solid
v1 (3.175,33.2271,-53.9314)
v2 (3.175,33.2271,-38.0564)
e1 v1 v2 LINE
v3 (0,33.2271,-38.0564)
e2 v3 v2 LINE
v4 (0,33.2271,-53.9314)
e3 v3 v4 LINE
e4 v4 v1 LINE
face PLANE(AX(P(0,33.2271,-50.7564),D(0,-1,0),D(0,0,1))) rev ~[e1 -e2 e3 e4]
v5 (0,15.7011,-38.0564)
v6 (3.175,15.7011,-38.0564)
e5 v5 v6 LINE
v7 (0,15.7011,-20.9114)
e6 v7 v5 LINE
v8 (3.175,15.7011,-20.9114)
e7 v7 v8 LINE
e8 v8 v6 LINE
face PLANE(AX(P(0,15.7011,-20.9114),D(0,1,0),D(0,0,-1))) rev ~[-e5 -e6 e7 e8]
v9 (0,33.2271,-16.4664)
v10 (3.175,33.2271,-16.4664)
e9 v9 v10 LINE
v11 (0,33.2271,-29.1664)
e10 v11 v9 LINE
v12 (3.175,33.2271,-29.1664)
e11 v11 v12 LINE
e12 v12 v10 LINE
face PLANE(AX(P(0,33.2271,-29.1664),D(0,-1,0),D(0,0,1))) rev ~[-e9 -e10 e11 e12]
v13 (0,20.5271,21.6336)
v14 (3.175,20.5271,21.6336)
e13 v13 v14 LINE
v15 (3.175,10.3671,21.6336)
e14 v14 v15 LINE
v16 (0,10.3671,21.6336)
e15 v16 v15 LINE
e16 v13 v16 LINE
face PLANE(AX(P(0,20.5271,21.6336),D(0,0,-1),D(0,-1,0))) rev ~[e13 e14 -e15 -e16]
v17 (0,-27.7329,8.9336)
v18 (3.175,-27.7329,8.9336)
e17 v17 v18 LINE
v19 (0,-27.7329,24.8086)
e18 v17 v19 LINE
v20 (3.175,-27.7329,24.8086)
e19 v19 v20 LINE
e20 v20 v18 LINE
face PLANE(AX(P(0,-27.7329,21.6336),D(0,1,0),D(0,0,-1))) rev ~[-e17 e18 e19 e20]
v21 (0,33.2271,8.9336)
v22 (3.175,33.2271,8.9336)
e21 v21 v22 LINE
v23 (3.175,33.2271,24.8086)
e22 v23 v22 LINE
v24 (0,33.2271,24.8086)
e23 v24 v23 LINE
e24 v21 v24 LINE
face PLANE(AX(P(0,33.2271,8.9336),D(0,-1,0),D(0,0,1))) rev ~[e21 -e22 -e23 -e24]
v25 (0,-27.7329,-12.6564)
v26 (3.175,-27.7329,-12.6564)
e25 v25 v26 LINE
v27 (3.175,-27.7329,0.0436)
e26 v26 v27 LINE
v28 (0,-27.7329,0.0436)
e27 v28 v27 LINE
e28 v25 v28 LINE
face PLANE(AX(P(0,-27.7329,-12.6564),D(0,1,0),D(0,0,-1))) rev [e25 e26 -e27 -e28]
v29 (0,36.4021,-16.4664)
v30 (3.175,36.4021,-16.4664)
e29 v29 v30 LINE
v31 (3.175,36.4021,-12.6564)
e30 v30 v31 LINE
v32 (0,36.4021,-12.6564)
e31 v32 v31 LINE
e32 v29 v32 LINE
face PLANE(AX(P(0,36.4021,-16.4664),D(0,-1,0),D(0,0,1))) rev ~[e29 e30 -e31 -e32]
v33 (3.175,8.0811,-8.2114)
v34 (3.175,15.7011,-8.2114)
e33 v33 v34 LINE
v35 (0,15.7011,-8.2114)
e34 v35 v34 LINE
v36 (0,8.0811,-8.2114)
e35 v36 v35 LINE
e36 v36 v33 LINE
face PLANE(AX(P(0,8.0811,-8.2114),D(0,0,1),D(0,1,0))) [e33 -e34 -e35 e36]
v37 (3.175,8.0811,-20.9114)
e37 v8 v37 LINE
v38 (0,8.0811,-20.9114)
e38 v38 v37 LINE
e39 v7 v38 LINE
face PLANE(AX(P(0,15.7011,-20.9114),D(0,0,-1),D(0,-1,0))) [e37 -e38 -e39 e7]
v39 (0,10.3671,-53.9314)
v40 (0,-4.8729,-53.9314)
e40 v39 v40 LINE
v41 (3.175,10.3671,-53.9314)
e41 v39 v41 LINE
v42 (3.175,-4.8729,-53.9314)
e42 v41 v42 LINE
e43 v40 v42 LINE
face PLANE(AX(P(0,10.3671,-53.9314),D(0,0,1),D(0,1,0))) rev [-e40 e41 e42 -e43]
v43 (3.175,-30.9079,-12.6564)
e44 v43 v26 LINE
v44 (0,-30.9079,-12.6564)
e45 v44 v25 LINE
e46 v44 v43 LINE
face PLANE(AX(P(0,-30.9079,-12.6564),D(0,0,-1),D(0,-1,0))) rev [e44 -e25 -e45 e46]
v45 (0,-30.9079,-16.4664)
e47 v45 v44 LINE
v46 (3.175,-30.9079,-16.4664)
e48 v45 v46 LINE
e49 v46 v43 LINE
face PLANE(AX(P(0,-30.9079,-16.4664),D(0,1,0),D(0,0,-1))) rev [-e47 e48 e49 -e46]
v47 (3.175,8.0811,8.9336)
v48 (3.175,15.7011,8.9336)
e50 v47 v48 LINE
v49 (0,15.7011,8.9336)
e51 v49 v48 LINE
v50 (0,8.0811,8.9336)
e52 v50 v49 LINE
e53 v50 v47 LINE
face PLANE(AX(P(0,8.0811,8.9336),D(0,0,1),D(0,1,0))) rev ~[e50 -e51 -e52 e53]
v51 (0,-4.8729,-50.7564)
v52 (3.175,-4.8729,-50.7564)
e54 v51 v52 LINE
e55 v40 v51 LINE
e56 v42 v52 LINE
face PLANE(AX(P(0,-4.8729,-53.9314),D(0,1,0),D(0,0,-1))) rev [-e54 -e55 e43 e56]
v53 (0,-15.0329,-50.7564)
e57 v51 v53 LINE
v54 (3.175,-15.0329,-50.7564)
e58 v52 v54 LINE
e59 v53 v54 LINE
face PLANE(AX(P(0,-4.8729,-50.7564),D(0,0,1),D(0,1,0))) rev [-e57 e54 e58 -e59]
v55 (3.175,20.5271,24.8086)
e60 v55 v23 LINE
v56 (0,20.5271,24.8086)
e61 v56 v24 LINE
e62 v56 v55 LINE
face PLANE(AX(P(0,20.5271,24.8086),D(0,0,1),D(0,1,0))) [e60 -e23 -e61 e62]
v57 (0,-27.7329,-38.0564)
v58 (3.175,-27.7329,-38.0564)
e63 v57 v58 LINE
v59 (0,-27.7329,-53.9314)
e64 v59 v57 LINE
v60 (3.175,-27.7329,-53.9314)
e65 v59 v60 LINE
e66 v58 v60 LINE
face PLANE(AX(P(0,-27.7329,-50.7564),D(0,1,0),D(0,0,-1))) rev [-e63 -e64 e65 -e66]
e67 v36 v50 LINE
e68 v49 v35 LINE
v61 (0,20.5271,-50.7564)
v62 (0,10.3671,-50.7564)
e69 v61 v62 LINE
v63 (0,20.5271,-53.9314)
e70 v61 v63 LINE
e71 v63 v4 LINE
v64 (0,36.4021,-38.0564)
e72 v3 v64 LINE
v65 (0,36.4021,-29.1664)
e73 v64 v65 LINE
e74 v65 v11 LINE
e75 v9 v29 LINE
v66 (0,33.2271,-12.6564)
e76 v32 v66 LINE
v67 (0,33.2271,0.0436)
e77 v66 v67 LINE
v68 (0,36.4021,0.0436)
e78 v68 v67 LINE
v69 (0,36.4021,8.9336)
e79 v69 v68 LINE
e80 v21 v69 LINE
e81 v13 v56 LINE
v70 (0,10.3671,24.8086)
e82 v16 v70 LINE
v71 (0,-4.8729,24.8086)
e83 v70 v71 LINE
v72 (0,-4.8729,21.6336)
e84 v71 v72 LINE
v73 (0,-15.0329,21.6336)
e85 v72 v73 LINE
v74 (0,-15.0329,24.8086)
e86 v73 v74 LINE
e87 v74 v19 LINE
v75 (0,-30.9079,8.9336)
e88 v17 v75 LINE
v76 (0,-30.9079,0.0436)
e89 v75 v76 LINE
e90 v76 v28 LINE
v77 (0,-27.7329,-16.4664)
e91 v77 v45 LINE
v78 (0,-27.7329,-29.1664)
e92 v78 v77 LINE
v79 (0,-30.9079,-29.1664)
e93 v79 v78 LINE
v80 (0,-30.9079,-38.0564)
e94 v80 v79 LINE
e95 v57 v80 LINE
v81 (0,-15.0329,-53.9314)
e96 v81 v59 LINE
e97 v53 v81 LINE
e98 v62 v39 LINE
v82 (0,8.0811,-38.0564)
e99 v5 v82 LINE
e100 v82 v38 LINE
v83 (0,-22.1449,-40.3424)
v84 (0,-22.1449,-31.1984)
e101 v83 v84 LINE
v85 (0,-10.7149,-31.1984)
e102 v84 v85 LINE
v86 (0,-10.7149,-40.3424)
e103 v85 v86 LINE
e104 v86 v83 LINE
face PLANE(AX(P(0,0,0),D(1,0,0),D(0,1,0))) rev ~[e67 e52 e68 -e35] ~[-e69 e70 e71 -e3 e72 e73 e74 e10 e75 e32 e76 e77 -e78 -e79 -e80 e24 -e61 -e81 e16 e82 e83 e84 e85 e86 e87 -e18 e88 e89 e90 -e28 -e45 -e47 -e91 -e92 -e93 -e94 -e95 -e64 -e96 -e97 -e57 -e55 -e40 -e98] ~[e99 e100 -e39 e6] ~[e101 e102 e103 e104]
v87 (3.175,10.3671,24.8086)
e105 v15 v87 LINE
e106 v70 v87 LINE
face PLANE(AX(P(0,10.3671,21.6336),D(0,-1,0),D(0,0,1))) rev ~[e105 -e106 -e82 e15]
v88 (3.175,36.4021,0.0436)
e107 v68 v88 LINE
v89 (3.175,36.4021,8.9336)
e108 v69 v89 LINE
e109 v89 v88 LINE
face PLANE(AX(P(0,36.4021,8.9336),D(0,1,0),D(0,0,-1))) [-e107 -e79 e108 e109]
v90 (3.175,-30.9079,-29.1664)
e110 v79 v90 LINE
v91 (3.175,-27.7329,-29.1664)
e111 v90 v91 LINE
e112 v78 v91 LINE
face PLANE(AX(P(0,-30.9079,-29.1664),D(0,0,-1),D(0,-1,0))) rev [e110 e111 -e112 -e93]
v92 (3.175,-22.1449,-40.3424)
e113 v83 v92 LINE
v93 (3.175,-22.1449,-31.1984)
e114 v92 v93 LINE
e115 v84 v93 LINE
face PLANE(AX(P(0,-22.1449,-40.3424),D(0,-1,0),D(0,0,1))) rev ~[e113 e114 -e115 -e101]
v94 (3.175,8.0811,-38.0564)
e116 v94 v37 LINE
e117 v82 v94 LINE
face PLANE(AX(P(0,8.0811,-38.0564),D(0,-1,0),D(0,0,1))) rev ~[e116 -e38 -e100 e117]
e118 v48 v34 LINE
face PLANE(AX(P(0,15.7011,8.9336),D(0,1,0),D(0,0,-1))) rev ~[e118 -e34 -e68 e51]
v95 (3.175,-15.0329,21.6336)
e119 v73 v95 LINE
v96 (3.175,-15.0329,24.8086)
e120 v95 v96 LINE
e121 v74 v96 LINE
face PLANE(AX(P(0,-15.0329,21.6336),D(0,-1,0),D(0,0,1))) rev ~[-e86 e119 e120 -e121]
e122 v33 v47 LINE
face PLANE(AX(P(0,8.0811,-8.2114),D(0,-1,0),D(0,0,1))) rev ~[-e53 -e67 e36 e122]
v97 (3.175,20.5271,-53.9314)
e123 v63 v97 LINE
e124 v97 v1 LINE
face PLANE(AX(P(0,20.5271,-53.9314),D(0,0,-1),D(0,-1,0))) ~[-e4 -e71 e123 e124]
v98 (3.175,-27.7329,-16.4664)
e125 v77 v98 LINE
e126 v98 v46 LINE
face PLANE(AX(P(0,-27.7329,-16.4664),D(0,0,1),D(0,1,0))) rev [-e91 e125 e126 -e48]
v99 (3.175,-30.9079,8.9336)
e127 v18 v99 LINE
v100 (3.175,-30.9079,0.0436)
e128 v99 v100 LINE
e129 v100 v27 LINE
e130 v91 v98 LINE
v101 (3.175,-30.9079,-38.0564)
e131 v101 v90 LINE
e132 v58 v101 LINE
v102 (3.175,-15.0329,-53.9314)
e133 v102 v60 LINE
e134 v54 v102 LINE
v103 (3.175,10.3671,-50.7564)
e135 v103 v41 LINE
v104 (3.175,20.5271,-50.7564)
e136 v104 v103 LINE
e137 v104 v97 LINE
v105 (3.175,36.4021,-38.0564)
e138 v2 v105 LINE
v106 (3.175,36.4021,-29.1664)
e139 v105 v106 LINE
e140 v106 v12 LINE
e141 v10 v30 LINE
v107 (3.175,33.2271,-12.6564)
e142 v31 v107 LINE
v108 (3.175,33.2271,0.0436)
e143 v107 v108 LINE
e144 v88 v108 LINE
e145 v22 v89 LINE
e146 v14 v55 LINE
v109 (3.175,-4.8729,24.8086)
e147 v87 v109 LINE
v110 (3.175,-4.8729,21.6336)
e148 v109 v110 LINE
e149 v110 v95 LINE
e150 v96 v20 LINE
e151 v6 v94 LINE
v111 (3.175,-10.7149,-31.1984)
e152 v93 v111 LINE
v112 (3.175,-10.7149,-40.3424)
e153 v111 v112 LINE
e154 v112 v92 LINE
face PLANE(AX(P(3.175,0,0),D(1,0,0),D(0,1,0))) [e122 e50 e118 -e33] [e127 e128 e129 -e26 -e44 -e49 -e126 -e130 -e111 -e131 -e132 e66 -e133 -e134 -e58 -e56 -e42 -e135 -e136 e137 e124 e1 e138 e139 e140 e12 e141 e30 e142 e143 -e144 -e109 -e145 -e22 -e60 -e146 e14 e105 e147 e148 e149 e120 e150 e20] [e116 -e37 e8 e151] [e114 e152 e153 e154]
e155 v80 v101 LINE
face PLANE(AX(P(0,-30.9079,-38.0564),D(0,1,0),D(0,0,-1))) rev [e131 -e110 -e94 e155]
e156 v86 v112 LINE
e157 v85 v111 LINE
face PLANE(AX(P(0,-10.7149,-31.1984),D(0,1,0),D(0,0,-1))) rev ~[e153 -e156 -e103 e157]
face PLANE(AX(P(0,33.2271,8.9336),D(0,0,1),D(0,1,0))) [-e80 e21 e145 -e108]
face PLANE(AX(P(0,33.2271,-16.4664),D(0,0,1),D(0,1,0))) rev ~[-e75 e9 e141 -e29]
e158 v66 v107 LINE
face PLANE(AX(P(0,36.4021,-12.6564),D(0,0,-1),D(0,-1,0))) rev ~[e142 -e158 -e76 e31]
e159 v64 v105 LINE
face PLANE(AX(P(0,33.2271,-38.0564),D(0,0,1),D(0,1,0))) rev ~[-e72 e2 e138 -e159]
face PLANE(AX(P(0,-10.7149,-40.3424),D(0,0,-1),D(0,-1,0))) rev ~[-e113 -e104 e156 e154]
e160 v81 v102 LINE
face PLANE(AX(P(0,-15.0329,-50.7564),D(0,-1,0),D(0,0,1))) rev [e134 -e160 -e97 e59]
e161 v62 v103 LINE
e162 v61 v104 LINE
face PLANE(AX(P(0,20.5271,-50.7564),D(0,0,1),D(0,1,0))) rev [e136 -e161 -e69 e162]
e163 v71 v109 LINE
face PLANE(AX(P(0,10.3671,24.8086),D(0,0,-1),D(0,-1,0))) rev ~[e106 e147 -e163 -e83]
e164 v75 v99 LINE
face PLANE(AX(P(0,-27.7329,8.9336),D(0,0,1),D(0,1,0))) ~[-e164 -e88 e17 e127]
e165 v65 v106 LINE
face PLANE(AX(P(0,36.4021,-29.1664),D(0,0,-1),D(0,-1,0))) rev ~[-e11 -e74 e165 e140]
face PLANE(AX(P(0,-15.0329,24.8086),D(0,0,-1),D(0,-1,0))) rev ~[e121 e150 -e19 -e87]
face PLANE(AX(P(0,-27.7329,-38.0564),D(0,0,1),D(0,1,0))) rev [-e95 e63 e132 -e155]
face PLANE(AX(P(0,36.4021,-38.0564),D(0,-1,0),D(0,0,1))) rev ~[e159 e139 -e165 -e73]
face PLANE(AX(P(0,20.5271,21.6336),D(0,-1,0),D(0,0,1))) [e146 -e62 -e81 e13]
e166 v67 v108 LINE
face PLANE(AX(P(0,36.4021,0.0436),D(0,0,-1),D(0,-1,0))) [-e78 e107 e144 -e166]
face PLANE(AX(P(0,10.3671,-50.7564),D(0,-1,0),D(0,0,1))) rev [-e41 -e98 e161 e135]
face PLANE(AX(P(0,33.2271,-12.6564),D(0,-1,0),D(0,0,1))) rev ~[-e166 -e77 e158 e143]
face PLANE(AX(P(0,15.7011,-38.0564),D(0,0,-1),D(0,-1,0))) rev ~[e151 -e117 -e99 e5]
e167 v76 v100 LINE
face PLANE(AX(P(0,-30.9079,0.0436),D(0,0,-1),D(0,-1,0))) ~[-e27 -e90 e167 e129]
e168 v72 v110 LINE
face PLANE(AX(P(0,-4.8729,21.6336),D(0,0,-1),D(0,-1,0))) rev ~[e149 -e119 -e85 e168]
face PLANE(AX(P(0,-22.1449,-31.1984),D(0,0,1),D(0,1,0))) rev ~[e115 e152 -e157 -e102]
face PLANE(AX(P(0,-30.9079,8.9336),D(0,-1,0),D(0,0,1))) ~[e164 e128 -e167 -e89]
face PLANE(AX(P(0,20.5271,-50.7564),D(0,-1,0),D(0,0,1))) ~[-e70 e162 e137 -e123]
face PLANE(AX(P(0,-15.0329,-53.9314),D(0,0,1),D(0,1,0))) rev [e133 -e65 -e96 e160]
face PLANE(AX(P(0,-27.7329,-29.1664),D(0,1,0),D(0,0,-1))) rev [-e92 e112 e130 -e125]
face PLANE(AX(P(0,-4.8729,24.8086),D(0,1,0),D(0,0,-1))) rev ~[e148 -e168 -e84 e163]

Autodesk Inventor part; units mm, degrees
ref_plane "YZ Plane" through (0, 0, 0) normal (1, 0, 0) x (0, 1, 0)
ref_plane "XZ Plane" through (0, 0, 0) normal (0, 1, 0) x (-1, 0, 0)
ref_plane "XY Plane" through (0, 0, 0) normal (0, 0, 1) x (1, 0, 0)
sketch "Sketch1" plane through (0, 0, 0) normal (1, 0, 0) x (0, 1, 0)
  line L0 (33.2271, 21.6336) -> (-27.7329, 21.6336)
  line L1 (-27.7329, 21.6336) -> (-27.7329, -50.7564)
  line L2 (-27.7329, -50.7564) -> (33.2271, -50.7564)
  line L3 (33.2271, -50.7564) -> (33.2271, 21.6336)
  line L4 (33.2271, -38.0564) -> (36.4021, -38.0564)
  line L5 (36.4021, -38.0564) -> (36.4021, -29.1664)
  line L6 (36.4021, -29.1664) -> (33.2271, -29.1664)
  line L7 (33.2271, -29.1664) -> (33.2271, -38.0564)
  line L8 (33.2271, 8.9336) -> (36.4021, 8.9336)
  line L9 (36.4021, 8.9336) -> (36.4021, 0.0436)
  line L10 (36.4021, 0.0436) -> (33.2271, 0.0436)
  line L11 (33.2271, 0.0436) -> (33.2271, 8.9336)
  line L12 (33.2271, -16.4664) -> (36.4021, -16.4664)
  line L13 (36.4021, -16.4664) -> (36.4021, -12.6564)
  line L14 (36.4021, -12.6564) -> (33.2271, -12.6564)
  line L15 (33.2271, -12.6564) -> (33.2271, -16.4664)
  line L16 (33.2271, 21.6336) -> (20.5271, 21.6336)
  line L17 (20.5271, 21.6336) -> (20.5271, 24.8086)
  line L18 (20.5271, 24.8086) -> (33.2271, 24.8086)
  line L19 (33.2271, 24.8086) -> (33.2271, 21.6336)
  line L20 (-27.7329, 21.6336) -> (-15.0329, 21.6336)
  line L21 (-15.0329, 21.6336) -> (-15.0329, 24.8086)
  line L22 (-15.0329, 24.8086) -> (-27.7329, 24.8086)
  line L23 (-27.7329, 24.8086) -> (-27.7329, 21.6336)
  line L24 (-4.8729, 21.6336) -> (10.3671, 21.6336)
  line L25 (10.3671, 21.6336) -> (10.3671, 24.8086)
  line L26 (10.3671, 24.8086) -> (-4.8729, 24.8086)
  line L27 (-4.8729, 24.8086) -> (-4.8729, 21.6336)
  point P0 (0, 0)
  dimension "d0" = 60.96
  dimension "d1" = 72.39
  dimension "d2" = 12.7
  dimension "d3" = 8.89
  dimension "d4" = 3.175
  dimension "d5" = 8.89
  dimension "d6" = 12.7
  dimension "d7" = 12.7
  dimension "d8" = 12.7
  dimension "d11" = 3.175
  dimension "d12" = 12.7
  dimension "d13" = 12.7
  dimension "d14" = 10.16
  dimension "d15" = 10.16
ref_plane "Work Plane1" through (0, 2.7471, 0.0436) normal (0, 1, 0) x (1, 0, 0)
extrude "Extrusion3" add sketch "Sketch1" along normal blind 3.175
ref_plane "Work Plane2" through (0, -15.0329, -14.5614) normal (0, 0, 1) x (1, 0, 0)
mirror "Mirror2" about plane through (0, -15.0329, -14.5614) normal (0, 0, 1) of "Extrusion3"
mirror "Mirror3" about plane through (0, 2.7471, 0.0436) normal (0, 1, 0) of "Extrusion3"
sketch "Sketch2" plane through (0, 0, 0) normal (-1, 0, 0) x (0, 0, 1)
  line L0 (-40.3424, -22.1449) -> (-31.1984, -22.1449)
  line L1 (-31.1984, -22.1449) -> (-31.1984, -10.7149)
  line L2 (-31.1984, -10.7149) -> (-40.3424, -10.7149)
  line L3 (-40.3424, -10.7149) -> (-40.3424, -22.1449)
  line L4 (-38.0564, -30.9079) -> (-29.1664, -30.9079) projected
  line L5 (-50.7564, -15.0329) -> (-50.7564, -4.8729) projected
  point P0 (0, 0)
  dimension "d20" = 20.193
  dimension "d21" = 11.43
  dimension "d22" = 9.144
  dimension "d23" = 10.414
extrude "Extrusion4" cut sketch "Sketch2" against normal blind 3.175
sketch "Sketch3" plane through (0, 0, 0) normal (-1, 0, 0) x (0, 0, 1)
  line L0 (-38.0564, 8.0811) -> (8.9336, 8.0811)
  line L1 (8.9336, 8.0811) -> (8.9336, 15.7011)
  line L2 (8.9336, 15.7011) -> (-38.0564, 15.7011)
  line L3 (-38.0564, 15.7011) -> (-38.0564, 8.0811)
  line L4 (-16.4664, -27.7329) -> (-29.1664, -27.7329) projected
  line L5 (-50.7564, 10.3671) -> (-50.7564, 20.5271) projected
  line L6 (21.6336, 20.5271) -> (21.6336, 10.3671) projected
  line L7 (-20.9114, 8.0811) -> (-8.2114, 8.0811)
  line L8 (-8.2114, 8.0811) -> (-8.2114, 15.7011)
  line L9 (-8.2114, 15.7011) -> (-20.9114, 15.7011)
  line L10 (-20.9114, 15.7011) -> (-20.9114, 8.0811)
  point P0 (0, 0)
  dimension "d26" = 43.434
  dimension "d27" = 7.62
  dimension "d28" = 12.7
  dimension "d29" = 12.7
  dimension "d30" = 12.7
  dimension "d31" = 46.99
  dimension "d32" = 17.145
  dimension "d33" = 17.145
extrude "Extrusion5" cut sketch "Sketch3" against normal blind 3.175 contours L3 L2 L10 L0 | L8 L2 L1 L0
